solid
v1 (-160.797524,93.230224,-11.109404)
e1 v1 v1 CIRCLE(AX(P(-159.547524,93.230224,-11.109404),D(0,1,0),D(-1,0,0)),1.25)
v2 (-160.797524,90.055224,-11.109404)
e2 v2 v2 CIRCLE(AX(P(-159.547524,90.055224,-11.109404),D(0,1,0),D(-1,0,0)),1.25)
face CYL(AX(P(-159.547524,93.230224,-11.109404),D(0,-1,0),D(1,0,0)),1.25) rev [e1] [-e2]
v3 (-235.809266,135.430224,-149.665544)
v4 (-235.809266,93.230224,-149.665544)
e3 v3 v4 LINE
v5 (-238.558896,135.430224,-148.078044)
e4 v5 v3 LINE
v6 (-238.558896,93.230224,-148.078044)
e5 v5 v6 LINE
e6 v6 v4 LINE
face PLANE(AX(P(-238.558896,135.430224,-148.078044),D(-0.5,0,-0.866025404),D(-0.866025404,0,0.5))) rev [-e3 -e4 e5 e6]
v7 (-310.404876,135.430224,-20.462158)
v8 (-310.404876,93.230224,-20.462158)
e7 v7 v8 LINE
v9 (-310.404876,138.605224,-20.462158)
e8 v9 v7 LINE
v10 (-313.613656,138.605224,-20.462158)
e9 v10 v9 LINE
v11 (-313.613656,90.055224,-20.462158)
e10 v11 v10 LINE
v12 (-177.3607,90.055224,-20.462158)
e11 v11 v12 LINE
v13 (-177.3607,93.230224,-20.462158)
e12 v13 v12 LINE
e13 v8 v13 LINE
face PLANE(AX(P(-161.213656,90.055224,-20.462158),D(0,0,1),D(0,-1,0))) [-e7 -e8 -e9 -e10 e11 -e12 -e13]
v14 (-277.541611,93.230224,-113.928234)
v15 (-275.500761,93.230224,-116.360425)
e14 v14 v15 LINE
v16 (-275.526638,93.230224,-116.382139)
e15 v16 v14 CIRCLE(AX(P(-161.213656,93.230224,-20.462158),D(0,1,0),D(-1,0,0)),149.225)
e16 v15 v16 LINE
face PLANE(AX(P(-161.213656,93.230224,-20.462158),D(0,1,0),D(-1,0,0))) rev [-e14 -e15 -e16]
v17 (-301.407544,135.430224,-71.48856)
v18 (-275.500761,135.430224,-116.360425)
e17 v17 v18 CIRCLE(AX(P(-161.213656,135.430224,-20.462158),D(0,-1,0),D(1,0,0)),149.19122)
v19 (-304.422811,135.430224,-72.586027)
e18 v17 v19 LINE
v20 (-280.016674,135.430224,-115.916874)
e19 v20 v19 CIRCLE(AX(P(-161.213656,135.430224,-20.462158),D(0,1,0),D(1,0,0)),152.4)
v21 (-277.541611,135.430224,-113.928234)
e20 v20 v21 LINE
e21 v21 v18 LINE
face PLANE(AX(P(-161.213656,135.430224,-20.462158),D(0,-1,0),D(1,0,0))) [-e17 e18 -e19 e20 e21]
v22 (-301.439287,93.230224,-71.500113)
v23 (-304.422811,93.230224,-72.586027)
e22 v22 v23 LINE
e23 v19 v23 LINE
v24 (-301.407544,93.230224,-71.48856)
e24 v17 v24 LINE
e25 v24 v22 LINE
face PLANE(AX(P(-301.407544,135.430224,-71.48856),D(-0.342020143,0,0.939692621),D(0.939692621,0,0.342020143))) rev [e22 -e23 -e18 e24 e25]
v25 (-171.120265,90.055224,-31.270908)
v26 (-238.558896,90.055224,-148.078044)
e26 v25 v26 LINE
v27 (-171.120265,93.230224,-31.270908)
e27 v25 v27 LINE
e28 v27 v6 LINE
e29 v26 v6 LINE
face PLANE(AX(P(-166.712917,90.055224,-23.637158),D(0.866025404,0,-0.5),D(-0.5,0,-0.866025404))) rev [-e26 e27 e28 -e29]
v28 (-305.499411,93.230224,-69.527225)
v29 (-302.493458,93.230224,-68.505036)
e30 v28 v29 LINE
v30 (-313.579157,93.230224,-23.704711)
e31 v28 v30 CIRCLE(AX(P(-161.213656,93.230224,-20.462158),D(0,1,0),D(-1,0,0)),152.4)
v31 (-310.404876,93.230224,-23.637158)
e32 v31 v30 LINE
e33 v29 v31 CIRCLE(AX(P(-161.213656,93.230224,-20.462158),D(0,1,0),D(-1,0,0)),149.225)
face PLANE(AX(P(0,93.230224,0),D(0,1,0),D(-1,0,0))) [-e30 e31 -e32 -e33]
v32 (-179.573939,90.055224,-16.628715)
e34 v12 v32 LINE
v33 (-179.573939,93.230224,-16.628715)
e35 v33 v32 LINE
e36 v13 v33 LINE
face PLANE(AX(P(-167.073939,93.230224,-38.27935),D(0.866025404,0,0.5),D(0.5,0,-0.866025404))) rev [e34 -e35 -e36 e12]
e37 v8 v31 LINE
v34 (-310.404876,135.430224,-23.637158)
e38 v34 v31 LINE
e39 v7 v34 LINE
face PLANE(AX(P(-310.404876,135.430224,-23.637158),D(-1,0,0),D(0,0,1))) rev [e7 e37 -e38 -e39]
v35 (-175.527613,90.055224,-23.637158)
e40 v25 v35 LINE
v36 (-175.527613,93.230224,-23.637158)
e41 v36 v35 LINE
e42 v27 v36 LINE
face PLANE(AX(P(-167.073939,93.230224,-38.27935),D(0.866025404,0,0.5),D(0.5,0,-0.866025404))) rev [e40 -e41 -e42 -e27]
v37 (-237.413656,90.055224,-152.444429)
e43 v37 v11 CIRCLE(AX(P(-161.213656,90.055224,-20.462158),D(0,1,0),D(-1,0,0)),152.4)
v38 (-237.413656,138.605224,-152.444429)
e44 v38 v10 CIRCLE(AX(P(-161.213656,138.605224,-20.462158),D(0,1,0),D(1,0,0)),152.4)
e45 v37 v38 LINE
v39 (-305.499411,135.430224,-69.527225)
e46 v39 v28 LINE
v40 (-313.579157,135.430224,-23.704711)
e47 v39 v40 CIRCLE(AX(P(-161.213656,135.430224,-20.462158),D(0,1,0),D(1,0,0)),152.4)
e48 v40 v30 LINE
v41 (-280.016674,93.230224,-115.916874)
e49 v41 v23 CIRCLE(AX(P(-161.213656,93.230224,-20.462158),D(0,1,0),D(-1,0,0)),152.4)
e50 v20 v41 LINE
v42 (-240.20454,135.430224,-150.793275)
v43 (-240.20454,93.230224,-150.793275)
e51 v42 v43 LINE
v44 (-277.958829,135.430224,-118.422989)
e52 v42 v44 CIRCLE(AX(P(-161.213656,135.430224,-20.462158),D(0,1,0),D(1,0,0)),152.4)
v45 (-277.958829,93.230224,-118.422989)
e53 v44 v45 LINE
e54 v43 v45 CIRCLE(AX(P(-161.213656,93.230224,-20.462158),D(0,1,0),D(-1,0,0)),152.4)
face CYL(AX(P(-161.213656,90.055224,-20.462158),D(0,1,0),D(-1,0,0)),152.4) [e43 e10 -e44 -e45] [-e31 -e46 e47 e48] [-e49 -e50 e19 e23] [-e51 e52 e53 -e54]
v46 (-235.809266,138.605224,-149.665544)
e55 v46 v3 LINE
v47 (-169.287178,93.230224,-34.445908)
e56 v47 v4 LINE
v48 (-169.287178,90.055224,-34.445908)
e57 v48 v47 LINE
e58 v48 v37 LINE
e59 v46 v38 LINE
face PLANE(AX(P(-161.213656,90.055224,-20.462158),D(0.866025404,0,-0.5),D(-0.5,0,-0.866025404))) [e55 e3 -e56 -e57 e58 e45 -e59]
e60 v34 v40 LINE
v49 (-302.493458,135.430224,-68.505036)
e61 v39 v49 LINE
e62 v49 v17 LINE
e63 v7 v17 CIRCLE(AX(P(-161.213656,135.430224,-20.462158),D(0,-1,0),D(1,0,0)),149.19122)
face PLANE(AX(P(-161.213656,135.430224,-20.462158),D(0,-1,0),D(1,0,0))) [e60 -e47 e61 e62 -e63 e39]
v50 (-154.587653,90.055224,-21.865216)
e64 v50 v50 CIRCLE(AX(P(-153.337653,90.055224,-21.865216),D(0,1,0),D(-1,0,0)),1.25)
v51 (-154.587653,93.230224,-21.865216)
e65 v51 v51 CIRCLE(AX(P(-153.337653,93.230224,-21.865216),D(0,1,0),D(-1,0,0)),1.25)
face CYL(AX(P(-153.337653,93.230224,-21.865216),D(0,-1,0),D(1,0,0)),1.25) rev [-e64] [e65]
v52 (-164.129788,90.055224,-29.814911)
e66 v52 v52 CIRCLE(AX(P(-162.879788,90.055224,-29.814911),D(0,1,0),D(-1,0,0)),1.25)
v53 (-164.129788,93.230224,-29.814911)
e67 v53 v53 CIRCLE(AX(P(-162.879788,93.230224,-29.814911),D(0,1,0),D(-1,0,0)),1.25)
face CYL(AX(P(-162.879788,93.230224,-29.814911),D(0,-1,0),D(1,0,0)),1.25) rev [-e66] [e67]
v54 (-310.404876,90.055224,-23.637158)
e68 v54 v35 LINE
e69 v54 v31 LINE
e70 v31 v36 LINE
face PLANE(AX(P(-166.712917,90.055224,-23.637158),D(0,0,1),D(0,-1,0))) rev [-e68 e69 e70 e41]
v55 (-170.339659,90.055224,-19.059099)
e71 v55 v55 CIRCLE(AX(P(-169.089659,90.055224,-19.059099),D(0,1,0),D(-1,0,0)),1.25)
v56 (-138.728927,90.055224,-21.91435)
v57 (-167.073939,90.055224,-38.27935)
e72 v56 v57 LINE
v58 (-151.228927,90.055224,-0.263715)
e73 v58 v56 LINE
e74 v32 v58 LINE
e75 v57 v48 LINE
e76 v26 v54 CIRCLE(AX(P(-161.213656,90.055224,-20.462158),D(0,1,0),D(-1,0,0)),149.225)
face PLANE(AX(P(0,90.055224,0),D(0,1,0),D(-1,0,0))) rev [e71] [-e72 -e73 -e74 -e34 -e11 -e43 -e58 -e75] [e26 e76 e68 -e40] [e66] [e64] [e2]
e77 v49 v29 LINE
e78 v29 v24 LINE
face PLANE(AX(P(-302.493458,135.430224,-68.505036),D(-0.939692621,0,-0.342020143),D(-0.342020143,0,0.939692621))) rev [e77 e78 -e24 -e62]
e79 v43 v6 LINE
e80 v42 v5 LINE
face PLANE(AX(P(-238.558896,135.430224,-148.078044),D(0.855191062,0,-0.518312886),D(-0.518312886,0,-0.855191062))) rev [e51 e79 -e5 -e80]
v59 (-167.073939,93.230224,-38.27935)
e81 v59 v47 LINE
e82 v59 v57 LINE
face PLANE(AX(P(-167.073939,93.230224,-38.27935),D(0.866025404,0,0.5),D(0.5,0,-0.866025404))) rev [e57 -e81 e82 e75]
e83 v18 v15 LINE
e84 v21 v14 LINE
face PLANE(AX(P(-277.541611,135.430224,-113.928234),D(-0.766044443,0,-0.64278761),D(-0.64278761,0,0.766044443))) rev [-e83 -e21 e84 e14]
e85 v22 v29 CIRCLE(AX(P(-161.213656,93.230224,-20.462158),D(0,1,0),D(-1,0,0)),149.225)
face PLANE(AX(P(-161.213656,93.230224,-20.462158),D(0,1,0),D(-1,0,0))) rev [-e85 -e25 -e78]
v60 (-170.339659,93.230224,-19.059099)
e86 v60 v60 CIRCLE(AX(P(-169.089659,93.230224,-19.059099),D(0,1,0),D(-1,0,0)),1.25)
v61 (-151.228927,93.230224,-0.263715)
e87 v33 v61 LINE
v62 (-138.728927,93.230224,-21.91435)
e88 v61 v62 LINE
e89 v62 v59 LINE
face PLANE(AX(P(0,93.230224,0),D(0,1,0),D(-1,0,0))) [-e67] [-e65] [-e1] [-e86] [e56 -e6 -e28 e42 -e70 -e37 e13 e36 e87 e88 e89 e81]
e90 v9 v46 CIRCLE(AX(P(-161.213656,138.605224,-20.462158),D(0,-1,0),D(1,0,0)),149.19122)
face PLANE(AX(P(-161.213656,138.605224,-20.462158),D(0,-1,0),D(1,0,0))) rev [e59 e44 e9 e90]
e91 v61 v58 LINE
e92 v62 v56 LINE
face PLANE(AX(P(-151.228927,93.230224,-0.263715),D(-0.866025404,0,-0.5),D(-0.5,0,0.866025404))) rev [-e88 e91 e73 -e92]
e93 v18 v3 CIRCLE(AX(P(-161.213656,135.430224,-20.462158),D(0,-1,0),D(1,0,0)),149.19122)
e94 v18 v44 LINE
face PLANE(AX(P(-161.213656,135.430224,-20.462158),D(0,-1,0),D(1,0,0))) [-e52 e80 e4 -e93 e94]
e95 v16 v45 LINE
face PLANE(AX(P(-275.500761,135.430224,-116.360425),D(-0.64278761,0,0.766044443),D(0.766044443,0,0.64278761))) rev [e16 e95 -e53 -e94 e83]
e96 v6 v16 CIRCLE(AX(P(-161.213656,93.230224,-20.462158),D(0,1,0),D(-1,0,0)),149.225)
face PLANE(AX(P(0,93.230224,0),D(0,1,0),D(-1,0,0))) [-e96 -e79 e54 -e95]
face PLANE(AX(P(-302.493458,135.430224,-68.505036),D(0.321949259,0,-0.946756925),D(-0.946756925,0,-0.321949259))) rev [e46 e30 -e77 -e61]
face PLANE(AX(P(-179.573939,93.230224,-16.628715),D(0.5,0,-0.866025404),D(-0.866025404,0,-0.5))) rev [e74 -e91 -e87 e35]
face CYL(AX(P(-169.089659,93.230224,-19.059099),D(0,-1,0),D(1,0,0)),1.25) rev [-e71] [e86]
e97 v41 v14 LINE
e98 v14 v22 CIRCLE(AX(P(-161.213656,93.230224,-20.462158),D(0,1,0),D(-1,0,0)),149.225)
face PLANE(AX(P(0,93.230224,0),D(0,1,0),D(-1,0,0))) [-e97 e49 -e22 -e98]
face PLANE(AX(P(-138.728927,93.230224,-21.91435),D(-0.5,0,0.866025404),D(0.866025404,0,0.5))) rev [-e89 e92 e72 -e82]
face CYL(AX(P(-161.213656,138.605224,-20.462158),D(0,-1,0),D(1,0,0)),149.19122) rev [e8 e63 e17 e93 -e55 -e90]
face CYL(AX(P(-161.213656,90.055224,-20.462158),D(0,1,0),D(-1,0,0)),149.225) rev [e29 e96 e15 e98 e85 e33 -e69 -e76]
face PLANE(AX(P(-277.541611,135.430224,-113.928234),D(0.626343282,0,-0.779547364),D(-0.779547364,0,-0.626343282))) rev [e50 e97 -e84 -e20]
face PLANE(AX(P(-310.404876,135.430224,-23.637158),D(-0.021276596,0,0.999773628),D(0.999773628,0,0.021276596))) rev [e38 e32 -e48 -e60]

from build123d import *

# Parameters (mm, degrees)
SKETCH1_R           = 1.25
BOSS_EXTRUDE1_DEPTH = 3.175
BOSS_EXTRUDE2_DEPTH = 3.175
BOSS_EXTRUDE3_DEPTH = 42.2
BOSS_EXTRUDE4_DEPTH = 3.175


with BuildPart() as part:
    # Sketch1 → Boss-Extrude1 (new body)
    with BuildSketch(Plane(origin=(0, 90.055223859, 0), x_dir=(1, 0, 0), z_dir=(0, 1, 0))):
        Polygon((-138.728927309, 21.91435009), (-167.073938775, 38.27935009), (-179.573938775, 16.628714996), (-151.228927309, 0.263714996), align=None)
        with Locations((-169.089659252, 19.059098981)):
            Circle(SKETCH1_R, mode=Mode.SUBTRACT)
        with Locations((-162.879788078, 29.814911363)):
            Circle(SKETCH1_R, mode=Mode.SUBTRACT)
        with Locations((-153.337652818, 21.865216105)):
            Circle(SKETCH1_R, mode=Mode.SUBTRACT)
        with Locations((-159.547523992, 11.109403723)):
            Circle(SKETCH1_R, mode=Mode.SUBTRACT)
    extrude(amount=BOSS_EXTRUDE1_DEPTH)

    # Sketch2 → Boss-Extrude2 (add)
    with BuildSketch(Plane(origin=(0, 93.230223859, 0), x_dir=(1, 0, 0), z_dir=(0, 1, 0))):
        with BuildLine():
            Line((-161.213656035, 20.462157543), (-237.413656035, 152.44442908))
            ThreePointArc((-237.413656035, 152.44442908), (-293.195927572, 96.662157543), (-313.613656035, 20.462157543))
            Line((-313.613656035, 20.462157543), (-161.213656035, 20.462157543))
        make_face()
        with BuildLine():
            Line((-166.712917349, 23.637157543), (-238.558896482, 148.078043722))
            ThreePointArc((-238.558896482, 148.078043722), (-290.446296915, 95.074657543), (-310.404875616, 23.637157543))
            Line((-310.404875616, 23.637157543), (-166.712917349, 23.637157543))
        make_face(mode=Mode.SUBTRACT)
    extrude(amount=-BOSS_EXTRUDE2_DEPTH)

    # Sketch3 → Boss-Extrude3 (add)
    with BuildSketch(Plane(origin=(0, 93.230223859, 0), x_dir=(1, 0, 0), z_dir=(0, 1, 0))):
        with BuildLine():
            Line((-238.558896482, 148.078043722), (-240.204539896, 150.793275343))
            ThreePointArc((-240.204539896, 150.793275343), (-238.813489705, 151.626275405), (-237.413656035, 152.44442908))
            Line((-237.413656035, 152.44442908), (-235.809265825, 149.665543722))
            Line((-235.809265825, 149.665543722), (-238.558896482, 148.078043722))
        make_face()
        with BuildLine():
            Line((-310.404875616, 20.462157543), (-313.613656035, 20.462157543))
            ThreePointArc((-313.613656035, 20.462157543), (-313.605031003, 22.0835259), (-313.579156883, 23.704710735))
            Line((-313.579156883, 23.704710735), (-310.404875616, 23.637157543))
            Line((-310.404875616, 23.637157543), (-310.404875616, 20.462157543))
        make_face()
        with BuildLine():
            Line((-277.541611418, 113.928233857), (-280.016674298, 115.916873778))
            ThreePointArc((-280.016674298, 115.916873778), (-278.994417499, 117.175404976), (-277.958829166, 118.422989259))
            Line((-277.958829166, 118.422989259), (-275.500760757, 116.360424964))
            Line((-275.500760757, 116.360424964), (-277.541611418, 113.928233857))
        make_face()
        with BuildLine():
            Line((-302.493458116, 68.505035776), (-305.499411352, 69.527224675))
            ThreePointArc((-305.499411352, 69.527224675), (-304.969247202, 71.059489571), (-304.422811443, 72.586027386))
            Line((-304.422811443, 72.586027386), (-301.407544161, 71.488559847))
            Line((-301.407544161, 71.488559847), (-302.493458116, 68.505035776))
        make_face()
    extrude(amount=BOSS_EXTRUDE3_DEPTH)

    # Sketch4 → Boss-Extrude4 (add)
    with BuildSketch(Plane(origin=(0, 135.430223859, 0), x_dir=(1, 0, 0), z_dir=(0, 1, 0))):
        with BuildLine():
            Line((-237.413656035, 152.44442908), (-235.809265825, 149.665543722))
            ThreePointArc((-235.809265825, 149.665543722), (-290.417042213, 95.057767334), (-310.404875616, 20.462157543))
            Line((-310.404875616, 20.462157543), (-313.613656035, 20.462157543))
            ThreePointArc((-313.613656035, 20.462157543), (-293.195927572, 96.662157543), (-237.413656035, 152.44442908))
        make_face()
    extrude(amount=BOSS_EXTRUDE4_DEPTH)


solid = part.part
